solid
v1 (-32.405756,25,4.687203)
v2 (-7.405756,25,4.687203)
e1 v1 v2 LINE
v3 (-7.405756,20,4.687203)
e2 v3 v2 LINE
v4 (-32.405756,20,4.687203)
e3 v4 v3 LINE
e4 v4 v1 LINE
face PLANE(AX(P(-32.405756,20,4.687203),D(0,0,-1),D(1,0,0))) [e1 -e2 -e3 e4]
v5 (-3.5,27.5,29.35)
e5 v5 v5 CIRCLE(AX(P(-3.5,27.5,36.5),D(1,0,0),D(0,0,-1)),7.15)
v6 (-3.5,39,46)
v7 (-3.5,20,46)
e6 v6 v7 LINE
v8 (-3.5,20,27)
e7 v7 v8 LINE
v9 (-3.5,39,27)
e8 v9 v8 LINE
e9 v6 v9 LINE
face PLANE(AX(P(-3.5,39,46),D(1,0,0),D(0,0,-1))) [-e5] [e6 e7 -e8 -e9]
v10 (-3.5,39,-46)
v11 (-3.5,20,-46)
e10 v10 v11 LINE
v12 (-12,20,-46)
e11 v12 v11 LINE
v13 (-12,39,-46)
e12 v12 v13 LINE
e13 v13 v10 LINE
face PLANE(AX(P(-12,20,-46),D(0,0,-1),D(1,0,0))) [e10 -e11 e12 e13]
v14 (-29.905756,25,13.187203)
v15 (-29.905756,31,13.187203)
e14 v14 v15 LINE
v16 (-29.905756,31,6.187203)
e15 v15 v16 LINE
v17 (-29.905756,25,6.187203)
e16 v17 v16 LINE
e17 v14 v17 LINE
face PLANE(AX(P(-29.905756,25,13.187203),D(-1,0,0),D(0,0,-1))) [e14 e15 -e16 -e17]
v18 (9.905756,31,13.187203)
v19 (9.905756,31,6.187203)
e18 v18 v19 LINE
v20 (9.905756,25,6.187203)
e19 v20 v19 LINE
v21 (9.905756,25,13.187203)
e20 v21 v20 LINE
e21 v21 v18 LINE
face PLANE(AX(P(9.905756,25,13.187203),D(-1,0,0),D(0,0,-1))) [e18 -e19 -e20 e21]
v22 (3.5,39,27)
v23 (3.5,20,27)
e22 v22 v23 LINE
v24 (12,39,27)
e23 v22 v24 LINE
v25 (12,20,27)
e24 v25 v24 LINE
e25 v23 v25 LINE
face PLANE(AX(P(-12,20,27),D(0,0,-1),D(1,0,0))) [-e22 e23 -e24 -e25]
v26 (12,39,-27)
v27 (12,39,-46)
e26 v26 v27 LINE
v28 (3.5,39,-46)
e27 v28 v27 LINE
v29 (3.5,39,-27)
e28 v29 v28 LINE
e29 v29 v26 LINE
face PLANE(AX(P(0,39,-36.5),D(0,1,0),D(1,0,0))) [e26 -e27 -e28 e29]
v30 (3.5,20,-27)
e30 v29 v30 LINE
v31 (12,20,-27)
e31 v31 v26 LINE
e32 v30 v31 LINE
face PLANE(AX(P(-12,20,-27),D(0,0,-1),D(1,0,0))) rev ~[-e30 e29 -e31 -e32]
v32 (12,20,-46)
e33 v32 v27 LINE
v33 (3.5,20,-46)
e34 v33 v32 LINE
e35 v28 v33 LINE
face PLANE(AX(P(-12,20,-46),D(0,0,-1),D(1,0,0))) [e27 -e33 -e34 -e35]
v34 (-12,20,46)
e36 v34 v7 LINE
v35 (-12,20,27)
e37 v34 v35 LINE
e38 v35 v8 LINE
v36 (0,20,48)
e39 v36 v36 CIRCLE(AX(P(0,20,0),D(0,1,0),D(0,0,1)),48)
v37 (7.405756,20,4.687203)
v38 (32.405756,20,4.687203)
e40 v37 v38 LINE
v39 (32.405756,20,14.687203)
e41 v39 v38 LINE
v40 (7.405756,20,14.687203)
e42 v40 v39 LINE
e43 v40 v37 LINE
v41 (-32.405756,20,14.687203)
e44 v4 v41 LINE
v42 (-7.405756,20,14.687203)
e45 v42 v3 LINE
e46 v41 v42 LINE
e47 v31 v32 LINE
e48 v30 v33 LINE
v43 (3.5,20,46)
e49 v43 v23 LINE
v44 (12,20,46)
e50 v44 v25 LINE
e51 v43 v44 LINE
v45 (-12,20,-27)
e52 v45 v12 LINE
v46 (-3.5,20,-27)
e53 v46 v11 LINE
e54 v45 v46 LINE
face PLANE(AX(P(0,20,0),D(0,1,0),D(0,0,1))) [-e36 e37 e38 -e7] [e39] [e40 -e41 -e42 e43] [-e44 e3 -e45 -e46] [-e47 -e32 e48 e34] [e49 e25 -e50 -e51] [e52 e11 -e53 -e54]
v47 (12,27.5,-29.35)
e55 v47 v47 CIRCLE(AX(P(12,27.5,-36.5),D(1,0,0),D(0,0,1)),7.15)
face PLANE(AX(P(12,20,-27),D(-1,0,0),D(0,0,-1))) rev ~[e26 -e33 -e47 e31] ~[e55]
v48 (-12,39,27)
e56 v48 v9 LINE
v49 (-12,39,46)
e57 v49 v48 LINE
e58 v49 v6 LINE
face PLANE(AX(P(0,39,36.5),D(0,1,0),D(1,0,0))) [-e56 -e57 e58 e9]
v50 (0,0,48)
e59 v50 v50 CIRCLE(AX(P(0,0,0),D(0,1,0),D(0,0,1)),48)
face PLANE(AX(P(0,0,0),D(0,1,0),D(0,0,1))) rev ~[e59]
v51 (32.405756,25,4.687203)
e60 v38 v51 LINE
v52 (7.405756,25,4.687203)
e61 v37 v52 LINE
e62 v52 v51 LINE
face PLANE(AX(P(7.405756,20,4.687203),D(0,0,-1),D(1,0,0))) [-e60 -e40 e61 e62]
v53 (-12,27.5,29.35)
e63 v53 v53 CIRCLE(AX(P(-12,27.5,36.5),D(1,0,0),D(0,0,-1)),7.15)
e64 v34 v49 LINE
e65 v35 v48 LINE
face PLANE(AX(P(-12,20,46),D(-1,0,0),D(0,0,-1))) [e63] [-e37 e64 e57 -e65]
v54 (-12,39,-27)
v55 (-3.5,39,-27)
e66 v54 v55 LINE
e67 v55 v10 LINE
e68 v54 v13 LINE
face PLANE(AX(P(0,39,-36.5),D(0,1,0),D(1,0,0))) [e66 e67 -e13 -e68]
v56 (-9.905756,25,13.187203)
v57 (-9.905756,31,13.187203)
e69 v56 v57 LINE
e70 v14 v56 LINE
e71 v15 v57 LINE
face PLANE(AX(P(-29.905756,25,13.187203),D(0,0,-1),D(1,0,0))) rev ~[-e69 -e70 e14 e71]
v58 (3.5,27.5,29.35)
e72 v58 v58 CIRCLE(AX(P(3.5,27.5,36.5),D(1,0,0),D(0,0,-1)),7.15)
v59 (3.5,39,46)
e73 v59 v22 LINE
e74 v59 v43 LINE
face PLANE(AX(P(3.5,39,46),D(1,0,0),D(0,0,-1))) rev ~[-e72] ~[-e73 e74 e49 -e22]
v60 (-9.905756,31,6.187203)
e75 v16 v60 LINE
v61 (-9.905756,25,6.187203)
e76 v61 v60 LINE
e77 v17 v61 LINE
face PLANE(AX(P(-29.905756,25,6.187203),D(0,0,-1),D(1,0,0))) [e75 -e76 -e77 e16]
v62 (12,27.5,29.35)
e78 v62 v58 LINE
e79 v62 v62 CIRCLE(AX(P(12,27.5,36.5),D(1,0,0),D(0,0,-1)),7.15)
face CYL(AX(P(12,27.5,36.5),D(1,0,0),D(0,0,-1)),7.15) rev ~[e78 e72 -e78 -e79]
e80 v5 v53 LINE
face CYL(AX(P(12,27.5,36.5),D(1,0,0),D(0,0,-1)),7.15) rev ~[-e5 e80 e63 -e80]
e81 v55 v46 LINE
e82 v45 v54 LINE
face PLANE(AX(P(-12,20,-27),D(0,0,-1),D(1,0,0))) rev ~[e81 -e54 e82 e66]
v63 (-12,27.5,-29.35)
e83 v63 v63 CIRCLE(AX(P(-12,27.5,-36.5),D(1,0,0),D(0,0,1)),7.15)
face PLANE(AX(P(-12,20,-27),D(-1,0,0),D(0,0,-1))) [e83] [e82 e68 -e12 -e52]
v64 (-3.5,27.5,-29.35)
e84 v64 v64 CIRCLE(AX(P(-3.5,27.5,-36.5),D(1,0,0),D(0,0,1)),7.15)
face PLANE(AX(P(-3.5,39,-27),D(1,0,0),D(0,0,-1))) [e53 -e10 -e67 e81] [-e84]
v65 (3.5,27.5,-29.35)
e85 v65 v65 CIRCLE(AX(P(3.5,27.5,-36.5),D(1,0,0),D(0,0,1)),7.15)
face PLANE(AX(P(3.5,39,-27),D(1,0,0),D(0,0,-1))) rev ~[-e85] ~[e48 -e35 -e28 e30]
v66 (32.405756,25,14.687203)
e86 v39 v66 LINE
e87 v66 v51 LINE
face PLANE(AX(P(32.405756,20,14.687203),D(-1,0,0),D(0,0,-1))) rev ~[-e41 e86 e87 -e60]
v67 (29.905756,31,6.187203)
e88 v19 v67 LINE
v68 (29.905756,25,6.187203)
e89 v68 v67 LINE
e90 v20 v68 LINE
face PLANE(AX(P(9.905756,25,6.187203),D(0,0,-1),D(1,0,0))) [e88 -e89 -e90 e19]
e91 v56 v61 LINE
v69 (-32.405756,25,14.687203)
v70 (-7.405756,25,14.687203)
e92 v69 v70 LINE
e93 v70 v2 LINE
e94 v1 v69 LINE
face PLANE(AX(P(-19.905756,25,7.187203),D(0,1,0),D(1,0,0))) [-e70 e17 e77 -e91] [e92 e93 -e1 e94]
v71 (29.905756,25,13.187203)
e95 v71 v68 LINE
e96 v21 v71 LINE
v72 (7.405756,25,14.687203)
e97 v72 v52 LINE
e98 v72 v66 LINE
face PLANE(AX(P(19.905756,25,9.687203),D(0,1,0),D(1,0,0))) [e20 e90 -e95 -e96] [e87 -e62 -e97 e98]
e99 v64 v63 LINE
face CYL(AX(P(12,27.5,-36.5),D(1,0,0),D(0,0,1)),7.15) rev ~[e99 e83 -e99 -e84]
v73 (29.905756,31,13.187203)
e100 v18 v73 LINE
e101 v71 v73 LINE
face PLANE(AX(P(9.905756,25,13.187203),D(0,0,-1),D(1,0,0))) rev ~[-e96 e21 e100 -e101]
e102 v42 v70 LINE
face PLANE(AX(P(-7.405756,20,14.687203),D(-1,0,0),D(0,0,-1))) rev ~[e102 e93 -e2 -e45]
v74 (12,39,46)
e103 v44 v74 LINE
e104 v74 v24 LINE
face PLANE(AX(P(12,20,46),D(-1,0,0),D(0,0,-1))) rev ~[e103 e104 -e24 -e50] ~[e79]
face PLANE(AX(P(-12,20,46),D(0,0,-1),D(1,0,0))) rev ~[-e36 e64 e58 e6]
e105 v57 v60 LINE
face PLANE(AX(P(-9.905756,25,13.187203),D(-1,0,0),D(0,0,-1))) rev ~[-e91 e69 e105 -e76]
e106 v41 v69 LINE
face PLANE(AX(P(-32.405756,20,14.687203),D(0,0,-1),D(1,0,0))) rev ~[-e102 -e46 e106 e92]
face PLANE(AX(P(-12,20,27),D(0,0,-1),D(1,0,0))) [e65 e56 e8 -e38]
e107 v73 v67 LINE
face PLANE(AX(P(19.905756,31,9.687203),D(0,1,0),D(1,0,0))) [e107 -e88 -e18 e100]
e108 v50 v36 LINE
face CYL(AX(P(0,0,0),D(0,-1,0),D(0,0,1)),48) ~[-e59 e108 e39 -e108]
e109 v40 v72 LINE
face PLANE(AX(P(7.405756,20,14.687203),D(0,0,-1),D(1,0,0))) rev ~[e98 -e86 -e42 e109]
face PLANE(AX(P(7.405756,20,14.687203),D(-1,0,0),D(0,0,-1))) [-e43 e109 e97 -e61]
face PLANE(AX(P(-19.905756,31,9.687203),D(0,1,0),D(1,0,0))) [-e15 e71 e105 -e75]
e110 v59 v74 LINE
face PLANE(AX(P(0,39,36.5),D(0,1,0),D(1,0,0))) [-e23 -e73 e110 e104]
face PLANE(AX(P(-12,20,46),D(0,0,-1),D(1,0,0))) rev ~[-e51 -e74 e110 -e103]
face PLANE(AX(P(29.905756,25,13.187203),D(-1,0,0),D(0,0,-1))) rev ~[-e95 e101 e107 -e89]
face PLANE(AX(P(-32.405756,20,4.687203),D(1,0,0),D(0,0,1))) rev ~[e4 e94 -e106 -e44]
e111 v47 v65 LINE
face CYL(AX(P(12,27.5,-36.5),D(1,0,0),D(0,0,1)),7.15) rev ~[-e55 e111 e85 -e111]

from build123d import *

# Parameters (mm, degrees)
SKETCH3_R           = 48
BOSS_EXTRUDE2_DEPTH = 20
SKETCH4_W           = 25
SKETCH4_H           = 5
SKETCH4_H_2         = 10
BOSS_EXTRUDE4_DEPTH = 5
SKETCH5_W           = 20
SKETCH5_H           = 7
BOSS_EXTRUDE5_DEPTH = 6
SKETCH6_W           = 24
SKETCH6_H           = 19
BOSS_EXTRUDE6_DEPTH = 19
SKETCH7_R           = 7.15
CUT_EXTRUDE1_DEPTH  = 28
SKETCH8_W           = 3.5
SKETCH8_H           = 19
SKETCH8_W_2         = 7
CUT_EXTRUDE2_DEPTH  = 19


with BuildPart() as part:
    # Sketch3 → Boss-Extrude2 (new body)
    with BuildSketch(Plane(origin=(0, 0, 0), x_dir=(1, 0, 0), z_dir=(0, 1, 0))):
        with Locations(Location((0, 0, 0), (0, 0, 270))):
            Circle(SKETCH3_R)
    extrude(amount=BOSS_EXTRUDE2_DEPTH)

    # Sketch4 → Boss-Extrude4 (add)
    with BuildSketch(Plane(origin=(0, 20, 0), x_dir=(1, 0, 0), z_dir=(0, 1, 0))):
        with Locations((-19.905756196, -7.187203126)):
            Rectangle(SKETCH4_W, SKETCH4_H)
        with Locations((-19.905756196, -12.187203126)):
            Rectangle(SKETCH4_W, SKETCH4_H)
        with Locations((19.905756196, -9.687203126)):
            Rectangle(SKETCH4_W, SKETCH4_H_2)
    extrude(amount=BOSS_EXTRUDE4_DEPTH)

    # Sketch5 → Boss-Extrude5 (add)
    with BuildSketch(Plane(origin=(0, 25, 0), x_dir=(1, 0, 0), z_dir=(0, 1, 0))):
        with Locations((19.905756196, -9.687203126)):
            Rectangle(SKETCH5_W, SKETCH5_H)
        with Locations((-19.905756196, -9.687203126)):
            Rectangle(SKETCH5_W, SKETCH5_H)
    extrude(amount=BOSS_EXTRUDE5_DEPTH)

    # Sketch6 → Boss-Extrude6 (add)
    with BuildSketch(Plane(origin=(0, 20, 0), x_dir=(1, 0, 0), z_dir=(0, 1, 0))):
        with Locations((0, -36.5)):
            Rectangle(SKETCH6_W, SKETCH6_H)
        with Locations((0, 36.5)):
            Rectangle(SKETCH6_W, SKETCH6_H)
    extrude(amount=BOSS_EXTRUDE6_DEPTH)

    # Sketch7 → Cut-Extrude1 (cut)
    with BuildSketch(Plane(origin=(12, 0, 0), x_dir=(0, 0, -1), z_dir=(1, 0, 0))):
        with Locations((-36.5, 27.5)):
            Circle(SKETCH7_R)
        with Locations(Location((36.5, 27.5, 0), (0, 0, 180))):
            Circle(SKETCH7_R)
    extrude(amount=-CUT_EXTRUDE1_DEPTH, mode=Mode.SUBTRACT)

    # Sketch8 → Cut-Extrude2 (cut)
    with BuildSketch(Plane(origin=(0, 39, 0), x_dir=(1, 0, 0), z_dir=(0, 1, 0))):
        with Locations((-1.75, -36.5)):
            Rectangle(SKETCH8_W, SKETCH8_H)
        with Locations((1.75, -36.5)):
            Rectangle(SKETCH8_W, SKETCH8_H)
        with Locations((0, 36.5)):
            Rectangle(SKETCH8_W_2, SKETCH8_H)
    extrude(amount=-CUT_EXTRUDE2_DEPTH, mode=Mode.SUBTRACT)


solid = part.part
